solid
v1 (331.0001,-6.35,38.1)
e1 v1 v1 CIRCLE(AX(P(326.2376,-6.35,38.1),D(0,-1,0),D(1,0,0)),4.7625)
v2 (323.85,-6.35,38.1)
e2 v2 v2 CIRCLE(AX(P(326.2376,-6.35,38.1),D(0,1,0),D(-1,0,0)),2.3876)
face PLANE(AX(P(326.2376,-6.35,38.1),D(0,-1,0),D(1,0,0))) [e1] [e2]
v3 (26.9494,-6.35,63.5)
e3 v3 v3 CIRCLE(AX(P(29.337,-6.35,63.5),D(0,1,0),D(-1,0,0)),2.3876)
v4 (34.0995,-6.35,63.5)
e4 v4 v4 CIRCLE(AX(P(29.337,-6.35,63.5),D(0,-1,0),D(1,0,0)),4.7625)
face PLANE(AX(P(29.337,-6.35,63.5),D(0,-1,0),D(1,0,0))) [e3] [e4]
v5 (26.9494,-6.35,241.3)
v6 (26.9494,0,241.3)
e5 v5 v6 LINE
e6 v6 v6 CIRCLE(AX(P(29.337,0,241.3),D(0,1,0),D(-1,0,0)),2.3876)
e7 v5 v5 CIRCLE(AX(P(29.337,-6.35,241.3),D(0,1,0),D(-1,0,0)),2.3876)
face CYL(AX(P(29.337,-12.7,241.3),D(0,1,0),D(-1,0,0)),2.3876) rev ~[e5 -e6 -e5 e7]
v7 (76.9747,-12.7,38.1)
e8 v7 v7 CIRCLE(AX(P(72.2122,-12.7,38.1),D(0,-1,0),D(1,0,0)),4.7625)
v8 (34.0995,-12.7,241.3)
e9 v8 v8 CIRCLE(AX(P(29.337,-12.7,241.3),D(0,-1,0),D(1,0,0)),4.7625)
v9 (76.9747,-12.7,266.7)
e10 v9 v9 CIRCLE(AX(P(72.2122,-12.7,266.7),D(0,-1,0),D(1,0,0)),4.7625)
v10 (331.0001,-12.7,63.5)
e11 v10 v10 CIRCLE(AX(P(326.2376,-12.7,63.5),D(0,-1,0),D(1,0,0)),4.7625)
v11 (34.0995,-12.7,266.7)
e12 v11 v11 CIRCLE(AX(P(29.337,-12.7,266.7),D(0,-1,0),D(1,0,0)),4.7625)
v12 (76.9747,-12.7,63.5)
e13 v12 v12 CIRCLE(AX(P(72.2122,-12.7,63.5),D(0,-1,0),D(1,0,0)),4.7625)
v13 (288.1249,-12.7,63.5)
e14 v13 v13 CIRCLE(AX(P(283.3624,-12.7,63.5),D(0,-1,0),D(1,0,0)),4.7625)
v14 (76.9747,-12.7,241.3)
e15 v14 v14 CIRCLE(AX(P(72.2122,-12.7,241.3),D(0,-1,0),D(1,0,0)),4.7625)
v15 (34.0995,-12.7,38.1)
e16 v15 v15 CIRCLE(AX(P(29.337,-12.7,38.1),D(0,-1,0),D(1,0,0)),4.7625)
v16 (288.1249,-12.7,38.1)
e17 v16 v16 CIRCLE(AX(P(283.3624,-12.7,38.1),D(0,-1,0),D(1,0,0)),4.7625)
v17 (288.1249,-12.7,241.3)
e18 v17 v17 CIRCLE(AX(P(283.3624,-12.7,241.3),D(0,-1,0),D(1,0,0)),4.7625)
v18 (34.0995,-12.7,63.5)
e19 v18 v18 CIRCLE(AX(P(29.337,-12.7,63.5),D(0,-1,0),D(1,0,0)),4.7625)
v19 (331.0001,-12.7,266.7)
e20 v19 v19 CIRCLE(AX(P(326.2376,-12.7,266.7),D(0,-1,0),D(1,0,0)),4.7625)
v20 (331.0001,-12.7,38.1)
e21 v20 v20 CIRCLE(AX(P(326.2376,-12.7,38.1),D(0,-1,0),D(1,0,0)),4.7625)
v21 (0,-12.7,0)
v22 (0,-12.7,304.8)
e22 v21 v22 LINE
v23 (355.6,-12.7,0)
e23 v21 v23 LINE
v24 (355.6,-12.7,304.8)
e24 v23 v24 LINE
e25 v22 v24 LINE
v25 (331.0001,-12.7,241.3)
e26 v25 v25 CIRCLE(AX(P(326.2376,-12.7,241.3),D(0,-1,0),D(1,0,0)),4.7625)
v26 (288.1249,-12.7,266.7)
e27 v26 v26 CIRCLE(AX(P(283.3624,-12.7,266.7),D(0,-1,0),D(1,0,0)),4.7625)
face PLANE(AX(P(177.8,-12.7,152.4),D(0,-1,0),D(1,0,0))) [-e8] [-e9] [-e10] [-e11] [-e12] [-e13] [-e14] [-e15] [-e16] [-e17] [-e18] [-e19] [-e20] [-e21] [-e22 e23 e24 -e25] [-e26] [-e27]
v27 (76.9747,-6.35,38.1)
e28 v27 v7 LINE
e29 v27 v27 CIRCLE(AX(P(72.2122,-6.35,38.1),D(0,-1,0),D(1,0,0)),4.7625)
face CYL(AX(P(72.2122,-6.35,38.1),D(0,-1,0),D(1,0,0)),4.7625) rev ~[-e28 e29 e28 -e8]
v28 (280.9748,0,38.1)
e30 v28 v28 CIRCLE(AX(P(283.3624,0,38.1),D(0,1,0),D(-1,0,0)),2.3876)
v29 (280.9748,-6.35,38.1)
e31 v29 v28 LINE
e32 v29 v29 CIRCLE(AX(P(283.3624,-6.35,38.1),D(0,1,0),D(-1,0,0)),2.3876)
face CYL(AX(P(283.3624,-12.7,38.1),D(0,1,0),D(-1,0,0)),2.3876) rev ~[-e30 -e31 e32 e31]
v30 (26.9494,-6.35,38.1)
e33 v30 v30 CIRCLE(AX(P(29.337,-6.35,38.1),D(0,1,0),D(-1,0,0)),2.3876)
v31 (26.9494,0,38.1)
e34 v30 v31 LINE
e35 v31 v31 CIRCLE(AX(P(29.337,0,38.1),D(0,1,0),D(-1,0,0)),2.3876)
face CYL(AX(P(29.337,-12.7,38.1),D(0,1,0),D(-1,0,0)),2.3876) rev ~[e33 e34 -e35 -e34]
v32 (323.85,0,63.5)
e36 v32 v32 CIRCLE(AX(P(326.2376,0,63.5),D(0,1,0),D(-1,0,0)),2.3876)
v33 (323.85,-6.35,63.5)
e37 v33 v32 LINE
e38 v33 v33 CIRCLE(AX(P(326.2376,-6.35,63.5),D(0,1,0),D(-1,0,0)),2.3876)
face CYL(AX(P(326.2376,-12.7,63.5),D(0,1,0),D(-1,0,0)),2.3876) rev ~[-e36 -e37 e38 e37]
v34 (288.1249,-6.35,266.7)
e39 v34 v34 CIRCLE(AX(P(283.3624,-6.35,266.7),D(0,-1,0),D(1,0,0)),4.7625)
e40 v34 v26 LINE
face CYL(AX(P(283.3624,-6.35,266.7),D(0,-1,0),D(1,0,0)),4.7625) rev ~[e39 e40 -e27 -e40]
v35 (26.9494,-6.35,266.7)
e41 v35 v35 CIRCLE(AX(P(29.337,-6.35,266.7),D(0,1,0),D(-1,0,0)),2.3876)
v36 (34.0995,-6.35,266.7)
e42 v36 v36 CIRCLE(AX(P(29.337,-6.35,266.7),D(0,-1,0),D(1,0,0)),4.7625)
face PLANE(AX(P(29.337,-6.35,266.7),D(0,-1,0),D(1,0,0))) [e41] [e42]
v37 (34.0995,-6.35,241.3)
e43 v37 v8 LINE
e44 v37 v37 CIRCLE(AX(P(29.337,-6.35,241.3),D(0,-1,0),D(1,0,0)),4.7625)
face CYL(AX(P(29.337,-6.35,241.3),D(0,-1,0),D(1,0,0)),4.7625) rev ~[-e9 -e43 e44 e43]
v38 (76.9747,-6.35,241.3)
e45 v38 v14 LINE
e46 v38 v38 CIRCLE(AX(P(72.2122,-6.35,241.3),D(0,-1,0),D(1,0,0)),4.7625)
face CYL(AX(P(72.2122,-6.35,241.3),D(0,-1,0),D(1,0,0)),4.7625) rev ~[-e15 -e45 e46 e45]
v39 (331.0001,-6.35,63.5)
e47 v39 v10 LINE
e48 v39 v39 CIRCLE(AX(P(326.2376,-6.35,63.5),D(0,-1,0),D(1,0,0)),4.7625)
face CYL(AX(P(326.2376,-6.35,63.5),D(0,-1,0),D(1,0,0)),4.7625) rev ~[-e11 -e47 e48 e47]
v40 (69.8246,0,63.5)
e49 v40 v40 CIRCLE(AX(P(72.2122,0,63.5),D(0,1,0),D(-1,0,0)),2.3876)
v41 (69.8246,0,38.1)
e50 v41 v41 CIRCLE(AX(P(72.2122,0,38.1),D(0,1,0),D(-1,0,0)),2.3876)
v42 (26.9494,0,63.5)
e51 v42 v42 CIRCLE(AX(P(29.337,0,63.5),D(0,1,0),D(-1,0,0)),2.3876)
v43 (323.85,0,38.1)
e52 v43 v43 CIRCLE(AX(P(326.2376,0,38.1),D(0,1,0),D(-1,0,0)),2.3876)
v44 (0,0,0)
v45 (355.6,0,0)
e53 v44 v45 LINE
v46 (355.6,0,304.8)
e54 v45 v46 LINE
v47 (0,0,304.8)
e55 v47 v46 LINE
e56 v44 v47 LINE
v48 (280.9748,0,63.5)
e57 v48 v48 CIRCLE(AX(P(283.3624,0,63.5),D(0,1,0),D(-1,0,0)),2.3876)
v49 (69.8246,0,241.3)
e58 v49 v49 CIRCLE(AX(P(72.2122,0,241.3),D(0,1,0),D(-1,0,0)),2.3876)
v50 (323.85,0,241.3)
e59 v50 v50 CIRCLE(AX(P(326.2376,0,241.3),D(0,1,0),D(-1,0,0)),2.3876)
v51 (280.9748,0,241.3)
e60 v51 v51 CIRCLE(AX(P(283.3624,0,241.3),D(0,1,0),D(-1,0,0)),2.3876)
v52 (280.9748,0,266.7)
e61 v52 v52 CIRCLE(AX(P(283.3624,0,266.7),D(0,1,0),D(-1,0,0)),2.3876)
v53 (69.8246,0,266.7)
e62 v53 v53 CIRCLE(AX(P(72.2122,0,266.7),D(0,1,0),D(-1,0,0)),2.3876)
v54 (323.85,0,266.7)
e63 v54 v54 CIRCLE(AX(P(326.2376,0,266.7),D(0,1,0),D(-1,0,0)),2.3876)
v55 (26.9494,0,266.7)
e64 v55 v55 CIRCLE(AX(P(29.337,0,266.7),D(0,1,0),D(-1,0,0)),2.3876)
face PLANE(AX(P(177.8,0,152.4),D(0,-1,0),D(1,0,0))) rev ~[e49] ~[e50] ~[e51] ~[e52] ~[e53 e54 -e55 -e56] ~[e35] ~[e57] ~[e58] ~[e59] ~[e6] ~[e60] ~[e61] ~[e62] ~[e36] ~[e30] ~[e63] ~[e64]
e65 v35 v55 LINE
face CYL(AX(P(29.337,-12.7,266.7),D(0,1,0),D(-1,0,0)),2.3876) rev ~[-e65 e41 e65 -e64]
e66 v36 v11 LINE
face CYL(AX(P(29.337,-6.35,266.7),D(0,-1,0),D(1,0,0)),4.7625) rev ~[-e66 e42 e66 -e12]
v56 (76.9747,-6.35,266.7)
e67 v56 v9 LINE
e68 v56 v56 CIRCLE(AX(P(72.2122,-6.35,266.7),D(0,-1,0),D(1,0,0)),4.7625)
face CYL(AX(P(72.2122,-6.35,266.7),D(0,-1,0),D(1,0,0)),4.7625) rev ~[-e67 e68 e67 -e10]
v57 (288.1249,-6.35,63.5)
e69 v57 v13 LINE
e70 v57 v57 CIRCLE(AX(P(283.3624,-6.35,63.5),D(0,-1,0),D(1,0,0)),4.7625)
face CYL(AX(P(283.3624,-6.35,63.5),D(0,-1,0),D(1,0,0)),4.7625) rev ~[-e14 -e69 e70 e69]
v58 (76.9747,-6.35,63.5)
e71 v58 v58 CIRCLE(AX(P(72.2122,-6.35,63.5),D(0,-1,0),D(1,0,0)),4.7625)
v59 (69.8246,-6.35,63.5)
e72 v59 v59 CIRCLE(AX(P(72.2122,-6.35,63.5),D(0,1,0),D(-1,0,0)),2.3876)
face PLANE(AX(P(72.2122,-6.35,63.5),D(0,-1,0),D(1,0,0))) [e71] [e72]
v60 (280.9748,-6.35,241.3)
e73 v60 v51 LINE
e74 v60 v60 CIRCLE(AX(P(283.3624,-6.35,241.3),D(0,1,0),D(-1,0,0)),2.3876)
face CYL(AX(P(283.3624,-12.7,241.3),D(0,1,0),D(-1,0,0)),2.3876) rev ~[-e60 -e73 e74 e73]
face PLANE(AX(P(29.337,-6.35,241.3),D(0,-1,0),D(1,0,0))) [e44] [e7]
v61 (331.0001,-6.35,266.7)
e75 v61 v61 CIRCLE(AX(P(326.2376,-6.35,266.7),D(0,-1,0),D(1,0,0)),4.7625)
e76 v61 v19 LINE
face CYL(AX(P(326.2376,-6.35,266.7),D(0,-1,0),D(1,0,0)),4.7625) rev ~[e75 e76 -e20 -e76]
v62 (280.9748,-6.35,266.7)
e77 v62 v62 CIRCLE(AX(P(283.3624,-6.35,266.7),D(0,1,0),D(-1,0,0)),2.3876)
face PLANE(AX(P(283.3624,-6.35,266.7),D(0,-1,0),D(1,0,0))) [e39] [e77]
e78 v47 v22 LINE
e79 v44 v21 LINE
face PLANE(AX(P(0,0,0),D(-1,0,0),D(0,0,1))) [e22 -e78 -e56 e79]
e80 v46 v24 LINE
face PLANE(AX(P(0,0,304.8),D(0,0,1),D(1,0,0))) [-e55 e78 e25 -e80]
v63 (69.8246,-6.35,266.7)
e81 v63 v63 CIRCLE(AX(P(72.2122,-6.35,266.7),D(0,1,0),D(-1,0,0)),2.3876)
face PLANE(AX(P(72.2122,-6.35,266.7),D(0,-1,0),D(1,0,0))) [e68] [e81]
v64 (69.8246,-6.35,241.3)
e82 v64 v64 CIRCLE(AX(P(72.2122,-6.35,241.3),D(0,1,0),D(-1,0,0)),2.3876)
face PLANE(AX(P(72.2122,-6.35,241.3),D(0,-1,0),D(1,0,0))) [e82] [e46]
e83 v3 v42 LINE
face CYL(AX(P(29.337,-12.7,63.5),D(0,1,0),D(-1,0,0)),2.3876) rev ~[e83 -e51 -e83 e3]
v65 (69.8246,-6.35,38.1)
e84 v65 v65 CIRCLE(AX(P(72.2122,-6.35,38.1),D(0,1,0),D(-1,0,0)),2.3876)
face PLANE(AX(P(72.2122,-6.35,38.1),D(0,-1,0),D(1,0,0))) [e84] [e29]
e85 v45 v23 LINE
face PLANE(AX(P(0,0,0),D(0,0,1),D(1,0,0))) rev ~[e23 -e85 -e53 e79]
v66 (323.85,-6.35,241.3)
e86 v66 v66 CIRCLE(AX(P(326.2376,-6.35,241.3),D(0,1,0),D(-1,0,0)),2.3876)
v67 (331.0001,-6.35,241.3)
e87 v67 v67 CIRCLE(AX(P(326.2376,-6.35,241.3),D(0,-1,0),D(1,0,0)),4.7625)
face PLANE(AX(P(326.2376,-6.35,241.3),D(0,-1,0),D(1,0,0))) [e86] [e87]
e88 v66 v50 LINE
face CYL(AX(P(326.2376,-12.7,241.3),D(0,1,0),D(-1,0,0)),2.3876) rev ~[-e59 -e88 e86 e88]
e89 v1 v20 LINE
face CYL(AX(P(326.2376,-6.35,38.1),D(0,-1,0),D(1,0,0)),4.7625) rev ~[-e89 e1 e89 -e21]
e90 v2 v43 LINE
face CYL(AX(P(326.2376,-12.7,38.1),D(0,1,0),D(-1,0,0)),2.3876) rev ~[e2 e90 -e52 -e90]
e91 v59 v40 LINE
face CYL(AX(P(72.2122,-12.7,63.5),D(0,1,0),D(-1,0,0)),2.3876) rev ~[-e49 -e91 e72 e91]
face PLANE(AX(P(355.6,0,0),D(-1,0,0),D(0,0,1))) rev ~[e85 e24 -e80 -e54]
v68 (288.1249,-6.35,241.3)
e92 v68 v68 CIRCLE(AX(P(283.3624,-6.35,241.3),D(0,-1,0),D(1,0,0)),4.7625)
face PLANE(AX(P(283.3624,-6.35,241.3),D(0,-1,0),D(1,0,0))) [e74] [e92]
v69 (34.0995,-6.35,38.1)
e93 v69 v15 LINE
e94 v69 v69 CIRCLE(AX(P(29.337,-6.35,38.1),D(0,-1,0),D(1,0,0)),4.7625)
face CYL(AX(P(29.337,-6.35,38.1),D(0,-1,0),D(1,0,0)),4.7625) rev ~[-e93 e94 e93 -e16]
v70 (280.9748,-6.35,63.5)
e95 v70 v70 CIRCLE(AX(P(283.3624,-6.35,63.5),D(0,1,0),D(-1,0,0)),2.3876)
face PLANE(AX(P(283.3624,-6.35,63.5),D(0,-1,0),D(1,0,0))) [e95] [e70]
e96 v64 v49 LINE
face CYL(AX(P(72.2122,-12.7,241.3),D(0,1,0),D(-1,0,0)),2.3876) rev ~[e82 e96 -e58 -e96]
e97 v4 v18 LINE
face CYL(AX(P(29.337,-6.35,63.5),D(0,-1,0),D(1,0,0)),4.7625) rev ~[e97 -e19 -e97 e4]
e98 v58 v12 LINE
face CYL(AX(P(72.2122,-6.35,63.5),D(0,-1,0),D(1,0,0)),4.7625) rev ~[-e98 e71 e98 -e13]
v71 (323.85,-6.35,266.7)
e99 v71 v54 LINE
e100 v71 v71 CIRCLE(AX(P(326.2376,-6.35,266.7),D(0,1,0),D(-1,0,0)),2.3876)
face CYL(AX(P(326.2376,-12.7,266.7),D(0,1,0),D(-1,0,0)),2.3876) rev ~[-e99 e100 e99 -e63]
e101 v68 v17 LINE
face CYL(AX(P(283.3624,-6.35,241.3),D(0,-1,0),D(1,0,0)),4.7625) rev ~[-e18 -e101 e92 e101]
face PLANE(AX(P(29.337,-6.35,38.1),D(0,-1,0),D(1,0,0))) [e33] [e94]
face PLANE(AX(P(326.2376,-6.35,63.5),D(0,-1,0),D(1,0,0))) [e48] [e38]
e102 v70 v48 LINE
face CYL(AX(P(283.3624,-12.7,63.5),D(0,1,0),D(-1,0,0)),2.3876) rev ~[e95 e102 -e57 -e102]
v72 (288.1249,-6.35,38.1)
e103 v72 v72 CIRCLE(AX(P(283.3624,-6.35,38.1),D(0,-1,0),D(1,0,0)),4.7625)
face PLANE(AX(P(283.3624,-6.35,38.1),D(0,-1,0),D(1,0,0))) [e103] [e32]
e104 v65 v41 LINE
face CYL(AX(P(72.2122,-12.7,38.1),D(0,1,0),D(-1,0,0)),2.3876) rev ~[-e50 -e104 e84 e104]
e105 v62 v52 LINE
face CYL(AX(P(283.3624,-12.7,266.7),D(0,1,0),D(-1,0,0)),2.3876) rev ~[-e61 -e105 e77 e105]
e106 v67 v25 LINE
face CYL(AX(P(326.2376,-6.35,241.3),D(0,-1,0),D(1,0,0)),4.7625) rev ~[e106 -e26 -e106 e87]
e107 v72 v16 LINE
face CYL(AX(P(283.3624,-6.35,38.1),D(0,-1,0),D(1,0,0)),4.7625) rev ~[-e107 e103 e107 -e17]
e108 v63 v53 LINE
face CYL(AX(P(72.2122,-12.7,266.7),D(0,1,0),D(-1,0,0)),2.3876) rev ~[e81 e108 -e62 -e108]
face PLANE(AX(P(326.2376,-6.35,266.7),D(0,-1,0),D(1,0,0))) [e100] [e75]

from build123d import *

# Parameters (mm, degrees)
F0_W           = 355.6
F0_H           = 304.8
F1_DEPTH       = 12.7
F3_D           = 4.7752
F3_CBORE_D     = 9.525
F3_CBORE_DEPTH = 6.35


with BuildPart() as f1:
    # F0 (on Front) → F1 (new body)
    with BuildSketch(Plane.XZ):
        with Locations((177.8, 152.4)):
            Rectangle(F0_W, F0_H)
    extrude(amount=F1_DEPTH)

    # F3 (through all)
    with Locations(Plane.XZ.offset(12.7)):
        with Locations((72.2122, 266.7), (72.2122, 241.3), (29.337, 241.3), (283.3624, 266.7), (283.3624, 241.3), (326.2376, 241.3), (326.2376, 266.7), (283.3624, 63.5), (326.2376, 38.1), (326.2376, 63.5), (283.3624, 38.1), (72.2122, 63.5), (72.2122, 38.1), (29.337, 38.1), (29.337, 63.5), (29.337, 266.7)):
            CounterBoreHole(F3_D / 2, F3_CBORE_D / 2, F3_CBORE_DEPTH)


solid = f1.part
